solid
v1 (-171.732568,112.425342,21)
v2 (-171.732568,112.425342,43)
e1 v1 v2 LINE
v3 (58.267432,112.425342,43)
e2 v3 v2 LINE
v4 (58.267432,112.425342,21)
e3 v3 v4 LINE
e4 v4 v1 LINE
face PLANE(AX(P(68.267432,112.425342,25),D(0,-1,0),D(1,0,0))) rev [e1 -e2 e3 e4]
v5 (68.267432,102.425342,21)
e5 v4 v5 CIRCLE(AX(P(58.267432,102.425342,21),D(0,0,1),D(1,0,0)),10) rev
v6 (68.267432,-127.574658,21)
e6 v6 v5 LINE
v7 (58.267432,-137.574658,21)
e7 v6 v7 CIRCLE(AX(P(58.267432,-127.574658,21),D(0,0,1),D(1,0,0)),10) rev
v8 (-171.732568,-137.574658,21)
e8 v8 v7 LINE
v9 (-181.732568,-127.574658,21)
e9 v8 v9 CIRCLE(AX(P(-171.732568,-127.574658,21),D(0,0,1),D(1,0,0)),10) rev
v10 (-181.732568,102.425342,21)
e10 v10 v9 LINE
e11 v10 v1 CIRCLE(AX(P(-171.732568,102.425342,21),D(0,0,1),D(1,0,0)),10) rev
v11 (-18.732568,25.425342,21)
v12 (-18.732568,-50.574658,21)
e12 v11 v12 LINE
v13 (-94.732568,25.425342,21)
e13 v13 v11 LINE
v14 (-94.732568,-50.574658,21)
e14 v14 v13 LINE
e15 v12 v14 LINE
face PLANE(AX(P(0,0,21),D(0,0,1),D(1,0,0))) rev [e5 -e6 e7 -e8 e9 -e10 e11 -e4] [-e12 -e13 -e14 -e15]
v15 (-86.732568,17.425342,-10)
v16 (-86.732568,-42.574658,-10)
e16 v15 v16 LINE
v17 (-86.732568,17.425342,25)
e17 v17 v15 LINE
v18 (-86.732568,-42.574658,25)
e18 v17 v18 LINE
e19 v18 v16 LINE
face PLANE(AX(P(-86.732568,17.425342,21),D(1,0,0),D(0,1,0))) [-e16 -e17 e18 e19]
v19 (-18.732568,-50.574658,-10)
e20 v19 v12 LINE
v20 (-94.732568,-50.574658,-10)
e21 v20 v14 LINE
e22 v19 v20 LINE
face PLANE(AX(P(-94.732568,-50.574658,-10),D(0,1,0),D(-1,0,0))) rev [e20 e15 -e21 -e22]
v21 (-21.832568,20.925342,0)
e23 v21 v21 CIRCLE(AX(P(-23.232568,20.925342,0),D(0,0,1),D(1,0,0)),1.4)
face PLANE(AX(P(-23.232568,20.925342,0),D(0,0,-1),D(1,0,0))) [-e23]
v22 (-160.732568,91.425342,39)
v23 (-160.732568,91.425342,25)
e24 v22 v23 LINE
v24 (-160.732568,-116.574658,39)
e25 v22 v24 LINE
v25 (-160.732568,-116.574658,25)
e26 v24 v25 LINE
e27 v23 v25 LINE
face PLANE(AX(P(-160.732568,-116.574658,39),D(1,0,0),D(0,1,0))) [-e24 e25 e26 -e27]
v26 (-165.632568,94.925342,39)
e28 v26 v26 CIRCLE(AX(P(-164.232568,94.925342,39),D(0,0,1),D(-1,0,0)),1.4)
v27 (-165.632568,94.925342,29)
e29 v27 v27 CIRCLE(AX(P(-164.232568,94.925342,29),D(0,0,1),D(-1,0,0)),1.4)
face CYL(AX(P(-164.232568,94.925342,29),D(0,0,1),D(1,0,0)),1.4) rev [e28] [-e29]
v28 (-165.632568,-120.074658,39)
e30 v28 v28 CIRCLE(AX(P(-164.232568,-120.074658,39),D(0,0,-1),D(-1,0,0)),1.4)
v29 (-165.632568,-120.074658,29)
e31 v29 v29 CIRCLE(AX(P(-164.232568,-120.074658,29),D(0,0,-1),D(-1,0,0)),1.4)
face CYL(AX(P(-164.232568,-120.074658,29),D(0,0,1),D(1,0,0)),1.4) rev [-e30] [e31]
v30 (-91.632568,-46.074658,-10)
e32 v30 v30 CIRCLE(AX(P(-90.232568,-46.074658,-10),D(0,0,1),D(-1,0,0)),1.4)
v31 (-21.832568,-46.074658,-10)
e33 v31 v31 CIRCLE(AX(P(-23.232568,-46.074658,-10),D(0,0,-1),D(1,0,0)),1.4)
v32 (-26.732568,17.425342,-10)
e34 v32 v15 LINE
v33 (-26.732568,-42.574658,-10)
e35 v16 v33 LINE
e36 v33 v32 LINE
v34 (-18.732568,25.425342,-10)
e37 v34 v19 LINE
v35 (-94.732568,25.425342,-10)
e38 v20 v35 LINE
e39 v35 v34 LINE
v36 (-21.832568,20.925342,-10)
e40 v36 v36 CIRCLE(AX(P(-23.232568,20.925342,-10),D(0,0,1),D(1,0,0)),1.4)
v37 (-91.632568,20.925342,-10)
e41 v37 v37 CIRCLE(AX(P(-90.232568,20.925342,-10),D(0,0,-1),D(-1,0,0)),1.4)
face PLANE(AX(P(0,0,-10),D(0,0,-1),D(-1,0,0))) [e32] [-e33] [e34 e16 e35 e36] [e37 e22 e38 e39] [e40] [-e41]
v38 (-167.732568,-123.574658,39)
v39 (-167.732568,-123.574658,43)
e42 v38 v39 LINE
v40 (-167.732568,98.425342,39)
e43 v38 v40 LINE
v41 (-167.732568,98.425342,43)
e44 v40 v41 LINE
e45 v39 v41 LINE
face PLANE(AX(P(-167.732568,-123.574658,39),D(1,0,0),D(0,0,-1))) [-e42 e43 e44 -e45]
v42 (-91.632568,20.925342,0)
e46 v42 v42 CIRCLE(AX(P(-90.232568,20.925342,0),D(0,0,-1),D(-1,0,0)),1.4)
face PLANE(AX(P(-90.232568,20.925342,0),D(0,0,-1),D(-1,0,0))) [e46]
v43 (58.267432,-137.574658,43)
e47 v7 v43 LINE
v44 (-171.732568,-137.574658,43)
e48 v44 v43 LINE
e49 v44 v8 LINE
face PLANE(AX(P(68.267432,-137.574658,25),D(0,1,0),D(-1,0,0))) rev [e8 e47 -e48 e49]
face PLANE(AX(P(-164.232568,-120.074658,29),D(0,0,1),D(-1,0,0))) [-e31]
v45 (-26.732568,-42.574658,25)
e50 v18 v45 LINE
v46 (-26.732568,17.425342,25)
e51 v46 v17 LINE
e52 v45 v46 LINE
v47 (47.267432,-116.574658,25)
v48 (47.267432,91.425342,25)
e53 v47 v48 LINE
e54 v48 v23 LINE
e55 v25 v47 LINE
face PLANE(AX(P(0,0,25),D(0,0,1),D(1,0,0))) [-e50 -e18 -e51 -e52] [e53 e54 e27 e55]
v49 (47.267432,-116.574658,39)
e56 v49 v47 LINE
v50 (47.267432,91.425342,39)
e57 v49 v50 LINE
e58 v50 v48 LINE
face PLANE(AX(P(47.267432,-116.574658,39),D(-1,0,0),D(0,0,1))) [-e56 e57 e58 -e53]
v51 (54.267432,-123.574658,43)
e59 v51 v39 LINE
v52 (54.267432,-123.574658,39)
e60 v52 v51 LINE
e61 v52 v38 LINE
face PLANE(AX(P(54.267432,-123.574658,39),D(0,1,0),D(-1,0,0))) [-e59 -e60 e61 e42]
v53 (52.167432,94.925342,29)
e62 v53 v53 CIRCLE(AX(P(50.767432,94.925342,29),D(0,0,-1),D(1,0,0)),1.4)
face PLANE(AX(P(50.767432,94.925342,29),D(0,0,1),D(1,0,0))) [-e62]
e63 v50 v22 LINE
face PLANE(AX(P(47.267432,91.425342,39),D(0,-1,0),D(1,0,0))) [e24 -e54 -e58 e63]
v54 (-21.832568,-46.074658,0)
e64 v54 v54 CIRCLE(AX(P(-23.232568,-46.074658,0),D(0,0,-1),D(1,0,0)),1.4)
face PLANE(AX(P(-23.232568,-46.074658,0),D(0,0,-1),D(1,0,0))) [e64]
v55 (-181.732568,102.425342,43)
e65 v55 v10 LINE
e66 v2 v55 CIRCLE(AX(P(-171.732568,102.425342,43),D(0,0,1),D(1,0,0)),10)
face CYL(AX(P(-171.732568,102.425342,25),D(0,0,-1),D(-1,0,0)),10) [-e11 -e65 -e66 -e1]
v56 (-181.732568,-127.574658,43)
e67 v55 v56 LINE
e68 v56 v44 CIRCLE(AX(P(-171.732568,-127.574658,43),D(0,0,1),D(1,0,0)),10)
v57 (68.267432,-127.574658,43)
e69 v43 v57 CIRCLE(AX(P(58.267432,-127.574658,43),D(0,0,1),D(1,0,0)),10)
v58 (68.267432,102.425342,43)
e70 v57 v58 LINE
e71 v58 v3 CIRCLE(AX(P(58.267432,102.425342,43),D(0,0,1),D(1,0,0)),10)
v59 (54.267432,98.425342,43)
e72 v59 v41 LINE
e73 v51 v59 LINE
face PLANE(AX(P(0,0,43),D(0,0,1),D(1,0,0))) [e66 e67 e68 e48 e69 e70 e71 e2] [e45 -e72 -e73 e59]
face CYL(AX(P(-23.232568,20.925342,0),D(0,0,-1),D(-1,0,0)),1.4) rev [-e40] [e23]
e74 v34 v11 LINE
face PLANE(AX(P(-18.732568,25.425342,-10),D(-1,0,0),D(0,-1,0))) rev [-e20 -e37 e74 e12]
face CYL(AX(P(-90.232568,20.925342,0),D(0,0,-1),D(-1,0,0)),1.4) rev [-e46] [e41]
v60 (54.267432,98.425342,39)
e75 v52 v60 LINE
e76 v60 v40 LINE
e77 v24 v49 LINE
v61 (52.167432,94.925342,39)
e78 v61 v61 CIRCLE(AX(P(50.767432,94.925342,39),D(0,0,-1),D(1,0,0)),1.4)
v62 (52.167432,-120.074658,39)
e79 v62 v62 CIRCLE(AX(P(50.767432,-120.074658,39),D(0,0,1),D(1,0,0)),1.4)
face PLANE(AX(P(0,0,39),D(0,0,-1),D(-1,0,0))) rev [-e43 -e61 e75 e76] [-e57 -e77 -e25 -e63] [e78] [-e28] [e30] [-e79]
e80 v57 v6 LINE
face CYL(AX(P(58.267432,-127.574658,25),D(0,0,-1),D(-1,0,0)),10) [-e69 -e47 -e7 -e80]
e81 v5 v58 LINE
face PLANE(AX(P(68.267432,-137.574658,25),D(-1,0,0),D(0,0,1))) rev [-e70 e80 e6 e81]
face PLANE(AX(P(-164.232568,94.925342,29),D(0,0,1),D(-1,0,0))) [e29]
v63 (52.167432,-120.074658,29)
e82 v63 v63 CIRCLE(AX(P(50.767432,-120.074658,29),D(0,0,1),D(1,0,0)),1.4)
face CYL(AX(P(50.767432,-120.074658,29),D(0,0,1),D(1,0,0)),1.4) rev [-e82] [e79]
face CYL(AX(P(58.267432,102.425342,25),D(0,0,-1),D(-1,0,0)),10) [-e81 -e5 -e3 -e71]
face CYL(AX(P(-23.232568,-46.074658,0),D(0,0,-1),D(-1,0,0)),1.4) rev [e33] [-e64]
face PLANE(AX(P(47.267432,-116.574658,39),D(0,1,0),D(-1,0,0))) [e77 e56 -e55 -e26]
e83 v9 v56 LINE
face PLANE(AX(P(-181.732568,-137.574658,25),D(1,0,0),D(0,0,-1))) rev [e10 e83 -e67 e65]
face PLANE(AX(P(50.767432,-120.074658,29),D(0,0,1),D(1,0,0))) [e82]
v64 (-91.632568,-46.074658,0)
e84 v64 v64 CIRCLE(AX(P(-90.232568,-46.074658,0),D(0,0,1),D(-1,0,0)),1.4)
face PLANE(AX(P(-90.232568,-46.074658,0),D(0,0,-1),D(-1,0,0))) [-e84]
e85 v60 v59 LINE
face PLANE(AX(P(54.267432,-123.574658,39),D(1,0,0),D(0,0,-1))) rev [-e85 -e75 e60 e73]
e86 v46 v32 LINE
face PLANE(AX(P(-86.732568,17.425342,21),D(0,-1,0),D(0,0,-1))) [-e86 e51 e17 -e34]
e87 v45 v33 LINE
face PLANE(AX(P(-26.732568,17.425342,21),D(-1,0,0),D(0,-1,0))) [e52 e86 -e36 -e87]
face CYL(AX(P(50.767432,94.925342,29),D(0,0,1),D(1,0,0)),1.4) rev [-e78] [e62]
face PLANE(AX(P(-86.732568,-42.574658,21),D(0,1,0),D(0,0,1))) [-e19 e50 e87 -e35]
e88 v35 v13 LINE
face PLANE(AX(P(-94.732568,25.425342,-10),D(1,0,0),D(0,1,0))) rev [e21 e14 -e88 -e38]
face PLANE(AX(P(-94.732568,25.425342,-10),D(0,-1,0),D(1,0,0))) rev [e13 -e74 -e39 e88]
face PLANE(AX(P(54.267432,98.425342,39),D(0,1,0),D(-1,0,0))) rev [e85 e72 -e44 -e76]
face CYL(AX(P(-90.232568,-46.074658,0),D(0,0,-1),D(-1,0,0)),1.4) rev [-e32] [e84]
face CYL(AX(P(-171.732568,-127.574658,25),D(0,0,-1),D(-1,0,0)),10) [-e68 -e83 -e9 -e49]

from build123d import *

# Parameters (mm, degrees)
SKETCH1_W               = 63
SKETCH1_H               = 63
BOSS_EXTRUDE1_DEPTH     = 5
SKETCH3_W               = 63
SKETCH3_H               = 63
SKETCH3_W_2             = 60
SKETCH3_H_2             = 60
BOSS_EXTRUDE2_DEPTH     = 16
SKETCH7_W               = 250
SKETCH7_H               = 250
SKETCH7_W_2             = 60
SKETCH7_H_2             = 60
BOSS_EXTRUDE5_DEPTH     = 4
SKETCH9_W               = 250
SKETCH9_H               = 250
SKETCH9_W_2             = 210
SKETCH9_H_2             = 210
BOSS_EXTRUDE6_DEPTH     = 18
SKETCH10_W              = 222
SKETCH10_H              = 222
CUT_EXTRUDE1_DEPTH      = 4
SKETCH14_W              = 210
SKETCH14_H              = 210
SKETCH14_W_2            = 208
SKETCH14_H_2            = 208
BOSS_EXTRUDE9_DEPTH     = 14
SKETCH16_R              = 1.4
CUT_EXTRUDE2_DEPTH      = 10
MIRROR2_COPY_1_SKETCH_R = 1.4
MIRROR2_COPY_1_DEPTH    = 10
FILLET1_R               = 10
FILLET2_R               = 10
FILLET3_R               = 10
FILLET4_R               = 10
SKETCH17_W              = 63
SKETCH17_H              = 63
BOSS_EXTRUDE10_DEPTH    = 10
BOSS_EXTRUDE13_START    = -53
SKETCH18_W              = 69
SKETCH18_H              = 69
SKETCH18_W_2            = 63
SKETCH18_H_2            = 63
BOSS_EXTRUDE13_DEPTH    = 53
SKETCH20_W              = 69
SKETCH20_H              = 69
CUT_EXTRUDE3_DEPTH      = 18
SKETCH21_W              = 60
SKETCH21_H              = 60
CUT_EXTRUDE4_DEPTH      = 232.079018744
SKETCH24_W              = 76
SKETCH24_H              = 76
SKETCH24_W_2            = 69
SKETCH24_H_2            = 69
BOSS_EXTRUDE14_DEPTH    = 31
SKETCH25_R              = 1.4
CUT_EXTRUDE5_DEPTH      = 10
MIRROR4_COPY_1_SKETCH_R = 1.4
MIRROR4_COPY_1_DEPTH    = 10


with BuildPart() as part:
    # Sketch1 → Boss-Extrude1 (new body)
    with BuildSketch(Plane.XY):
        with Locations((-56.732567938, -12.574658475)):
            Rectangle(SKETCH1_W, SKETCH1_H)
    extrude(amount=BOSS_EXTRUDE1_DEPTH)

    # Sketch3 → Boss-Extrude2 (add)
    with BuildSketch(Plane.XY.offset(5)):
        with Locations((-56.732567938, -12.574658475)):
            Rectangle(SKETCH3_W, SKETCH3_H)
        with Locations((-56.732567938, -12.574658475)):
            Rectangle(SKETCH3_W_2, SKETCH3_H_2, mode=Mode.SUBTRACT)
    extrude(amount=BOSS_EXTRUDE2_DEPTH)

    # Sketch7 → Boss-Extrude5 (add)
    with BuildSketch(Plane.XY.offset(21)):
        with Locations((-56.732567938, -12.574658475)):
            Rectangle(SKETCH7_W, SKETCH7_H)
        with Locations((-56.732567938, -12.574658475)):
            Rectangle(SKETCH7_W_2, SKETCH7_H_2, mode=Mode.SUBTRACT)
    extrude(amount=BOSS_EXTRUDE5_DEPTH)

    # Sketch9 → Boss-Extrude6 (add)
    with BuildSketch(Plane.XY.offset(25)):
        with Locations((-56.732567938, -12.574658475)):
            Rectangle(SKETCH9_W, SKETCH9_H)
        with Locations((-56.732567938, -12.574658475)):
            Rectangle(SKETCH9_W_2, SKETCH9_H_2, mode=Mode.SUBTRACT)
    extrude(amount=BOSS_EXTRUDE6_DEPTH)

    # Sketch10 → Cut-Extrude1 (cut)
    with BuildSketch(Plane.XY.offset(43)):
        with Locations((-56.732567938, -12.574658475)):
            Rectangle(SKETCH10_W, SKETCH10_H)
    extrude(amount=-CUT_EXTRUDE1_DEPTH, mode=Mode.SUBTRACT)

    # Sketch14 → Boss-Extrude9 (add)
    with BuildSketch(Plane.XY.offset(25)):
        with Locations((-56.732567938, -12.574658475)):
            Rectangle(SKETCH14_W, SKETCH14_H)
        with Locations((-56.732567938, -12.574658475)):
            Rectangle(SKETCH14_W_2, SKETCH14_H_2, mode=Mode.SUBTRACT)
    extrude(amount=BOSS_EXTRUDE9_DEPTH)

    # Sketch16 → Cut-Extrude2 (cut)
    with BuildSketch(Plane.XY.offset(39)):
        with Locations((50.767432062, -120.074658475)):
            Circle(SKETCH16_R)
    cut_extrude2 = extrude(amount=-CUT_EXTRUDE2_DEPTH, mode=Mode.SUBTRACT)

    # Mirror1: Cut-Extrude2 across plane
    add(cut_extrude2.mirror(Plane(origin=(-56.732567938, 0, 0), x_dir=(0, 0, 1), z_dir=(1, 0, 0))), mode=Mode.SUBTRACT)

    # Mirror2: Cut-Extrude2 across plane
    add(cut_extrude2.mirror(Plane.ZX.offset(-12.574658475)), mode=Mode.SUBTRACT)

    # Mirror2 copy 1 sketch → Mirror2 copy 1 (cut)
    with BuildSketch(Plane(origin=(-113.465135876, -25.149316949, 39), x_dir=(-1, 0, 0), z_dir=(0, 0, 1))):
        with Locations((50.767432062, -120.074658475)):
            Circle(MIRROR2_COPY_1_SKETCH_R)
    extrude(amount=-MIRROR2_COPY_1_DEPTH, mode=Mode.SUBTRACT)

    # Fillet1
    fillet1_edges = [part.edges().sort_by_distance(p)[0] for p in [
        (-181.732567938, 112.425341525, 32),
    ]]
    fillet(fillet1_edges, radius=FILLET1_R)

    # Fillet2
    fillet2_edges = [part.edges().sort_by_distance(p)[0] for p in [
        (-181.732567938, -137.574658475, 32),
    ]]
    fillet(fillet2_edges, radius=FILLET2_R)

    # Fillet3
    fillet3_edges = [part.edges().sort_by_distance(p)[0] for p in [
        (68.267432062, 112.425341525, 32),
    ]]
    fillet(fillet3_edges, radius=FILLET3_R)

    # Fillet4
    fillet4_edges = [part.edges().sort_by_distance(p)[0] for p in [
        (68.267432062, -137.574658475, 32),
    ]]
    fillet(fillet4_edges, radius=FILLET4_R)

    # Sketch17 → Boss-Extrude10 (add)
    with BuildSketch(Plane(origin=(0, 0, 0), x_dir=(-1, 0, 0), z_dir=(0, 0, -1))):
        with Locations((56.732567938, -12.574658475)):
            Rectangle(SKETCH17_W, SKETCH17_H)
    extrude(amount=BOSS_EXTRUDE10_DEPTH)

    # Sketch18 → Boss-Extrude13 (add)
    with BuildSketch(Plane(origin=(0, 0, -10), x_dir=(-1, 0, 0), z_dir=(0, 0, -1)).offset(BOSS_EXTRUDE13_START)):
        with Locations((56.732567938, -12.574658475)):
            Rectangle(SKETCH18_W, SKETCH18_H)
        with Locations((56.732567938, -12.574658475)):
            Rectangle(SKETCH18_W_2, SKETCH18_H_2, mode=Mode.SUBTRACT)
    extrude(amount=BOSS_EXTRUDE13_DEPTH)

    # Sketch20 → Cut-Extrude3 (cut)
    with BuildSketch(Plane.XY.offset(43)):
        with Locations((-56.732567938, -12.574658475)):
            Rectangle(SKETCH20_W, SKETCH20_H)
    extrude(amount=-CUT_EXTRUDE3_DEPTH, mode=Mode.SUBTRACT)

    # Sketch21 → Cut-Extrude4 (cut, through all)
    with BuildSketch(Plane.XY.offset(5)):
        with Locations((-56.732567938, -12.574658475)):
            Rectangle(SKETCH21_W, SKETCH21_H)
    extrude(amount=-CUT_EXTRUDE4_DEPTH, mode=Mode.SUBTRACT)

    # Sketch24 → Boss-Extrude14 (add)
    with BuildSketch(Plane(origin=(0, 0, 21), x_dir=(-1, 0, 0), z_dir=(0, 0, -1))):
        with Locations((56.732567938, -12.574658475)):
            Rectangle(SKETCH24_W, SKETCH24_H)
        with Locations((56.732567938, -12.574658475)):
            Rectangle(SKETCH24_W_2, SKETCH24_H_2, mode=Mode.SUBTRACT)
    extrude(amount=BOSS_EXTRUDE14_DEPTH)

    # Sketch25 → Cut-Extrude5 (cut)
    with BuildSketch(Plane(origin=(0, 0, -10), x_dir=(-1, 0, 0), z_dir=(0, 0, -1))):
        with Locations((90.232567938, 20.925341525)):
            Circle(SKETCH25_R)
    cut_extrude5 = extrude(amount=-CUT_EXTRUDE5_DEPTH, mode=Mode.SUBTRACT)

    # Mirror3: Cut-Extrude5 across plane
    add(cut_extrude5.mirror(Plane.ZX.offset(-12.574658475)), mode=Mode.SUBTRACT)

    # Mirror4: Cut-Extrude5 across plane
    add(cut_extrude5.mirror(Plane.ZY.offset(56.732567938)), mode=Mode.SUBTRACT)

    # Mirror4 copy 1 sketch → Mirror4 copy 1 (cut)
    with BuildSketch(Plane(origin=(-113.465135876, -25.149316949, -10), x_dir=(1, 0, 0), z_dir=(0, 0, -1))):
        with Locations((90.232567938, 20.925341525)):
            Circle(MIRROR4_COPY_1_SKETCH_R)
    extrude(amount=-MIRROR4_COPY_1_DEPTH, mode=Mode.SUBTRACT)


solid = part.part
